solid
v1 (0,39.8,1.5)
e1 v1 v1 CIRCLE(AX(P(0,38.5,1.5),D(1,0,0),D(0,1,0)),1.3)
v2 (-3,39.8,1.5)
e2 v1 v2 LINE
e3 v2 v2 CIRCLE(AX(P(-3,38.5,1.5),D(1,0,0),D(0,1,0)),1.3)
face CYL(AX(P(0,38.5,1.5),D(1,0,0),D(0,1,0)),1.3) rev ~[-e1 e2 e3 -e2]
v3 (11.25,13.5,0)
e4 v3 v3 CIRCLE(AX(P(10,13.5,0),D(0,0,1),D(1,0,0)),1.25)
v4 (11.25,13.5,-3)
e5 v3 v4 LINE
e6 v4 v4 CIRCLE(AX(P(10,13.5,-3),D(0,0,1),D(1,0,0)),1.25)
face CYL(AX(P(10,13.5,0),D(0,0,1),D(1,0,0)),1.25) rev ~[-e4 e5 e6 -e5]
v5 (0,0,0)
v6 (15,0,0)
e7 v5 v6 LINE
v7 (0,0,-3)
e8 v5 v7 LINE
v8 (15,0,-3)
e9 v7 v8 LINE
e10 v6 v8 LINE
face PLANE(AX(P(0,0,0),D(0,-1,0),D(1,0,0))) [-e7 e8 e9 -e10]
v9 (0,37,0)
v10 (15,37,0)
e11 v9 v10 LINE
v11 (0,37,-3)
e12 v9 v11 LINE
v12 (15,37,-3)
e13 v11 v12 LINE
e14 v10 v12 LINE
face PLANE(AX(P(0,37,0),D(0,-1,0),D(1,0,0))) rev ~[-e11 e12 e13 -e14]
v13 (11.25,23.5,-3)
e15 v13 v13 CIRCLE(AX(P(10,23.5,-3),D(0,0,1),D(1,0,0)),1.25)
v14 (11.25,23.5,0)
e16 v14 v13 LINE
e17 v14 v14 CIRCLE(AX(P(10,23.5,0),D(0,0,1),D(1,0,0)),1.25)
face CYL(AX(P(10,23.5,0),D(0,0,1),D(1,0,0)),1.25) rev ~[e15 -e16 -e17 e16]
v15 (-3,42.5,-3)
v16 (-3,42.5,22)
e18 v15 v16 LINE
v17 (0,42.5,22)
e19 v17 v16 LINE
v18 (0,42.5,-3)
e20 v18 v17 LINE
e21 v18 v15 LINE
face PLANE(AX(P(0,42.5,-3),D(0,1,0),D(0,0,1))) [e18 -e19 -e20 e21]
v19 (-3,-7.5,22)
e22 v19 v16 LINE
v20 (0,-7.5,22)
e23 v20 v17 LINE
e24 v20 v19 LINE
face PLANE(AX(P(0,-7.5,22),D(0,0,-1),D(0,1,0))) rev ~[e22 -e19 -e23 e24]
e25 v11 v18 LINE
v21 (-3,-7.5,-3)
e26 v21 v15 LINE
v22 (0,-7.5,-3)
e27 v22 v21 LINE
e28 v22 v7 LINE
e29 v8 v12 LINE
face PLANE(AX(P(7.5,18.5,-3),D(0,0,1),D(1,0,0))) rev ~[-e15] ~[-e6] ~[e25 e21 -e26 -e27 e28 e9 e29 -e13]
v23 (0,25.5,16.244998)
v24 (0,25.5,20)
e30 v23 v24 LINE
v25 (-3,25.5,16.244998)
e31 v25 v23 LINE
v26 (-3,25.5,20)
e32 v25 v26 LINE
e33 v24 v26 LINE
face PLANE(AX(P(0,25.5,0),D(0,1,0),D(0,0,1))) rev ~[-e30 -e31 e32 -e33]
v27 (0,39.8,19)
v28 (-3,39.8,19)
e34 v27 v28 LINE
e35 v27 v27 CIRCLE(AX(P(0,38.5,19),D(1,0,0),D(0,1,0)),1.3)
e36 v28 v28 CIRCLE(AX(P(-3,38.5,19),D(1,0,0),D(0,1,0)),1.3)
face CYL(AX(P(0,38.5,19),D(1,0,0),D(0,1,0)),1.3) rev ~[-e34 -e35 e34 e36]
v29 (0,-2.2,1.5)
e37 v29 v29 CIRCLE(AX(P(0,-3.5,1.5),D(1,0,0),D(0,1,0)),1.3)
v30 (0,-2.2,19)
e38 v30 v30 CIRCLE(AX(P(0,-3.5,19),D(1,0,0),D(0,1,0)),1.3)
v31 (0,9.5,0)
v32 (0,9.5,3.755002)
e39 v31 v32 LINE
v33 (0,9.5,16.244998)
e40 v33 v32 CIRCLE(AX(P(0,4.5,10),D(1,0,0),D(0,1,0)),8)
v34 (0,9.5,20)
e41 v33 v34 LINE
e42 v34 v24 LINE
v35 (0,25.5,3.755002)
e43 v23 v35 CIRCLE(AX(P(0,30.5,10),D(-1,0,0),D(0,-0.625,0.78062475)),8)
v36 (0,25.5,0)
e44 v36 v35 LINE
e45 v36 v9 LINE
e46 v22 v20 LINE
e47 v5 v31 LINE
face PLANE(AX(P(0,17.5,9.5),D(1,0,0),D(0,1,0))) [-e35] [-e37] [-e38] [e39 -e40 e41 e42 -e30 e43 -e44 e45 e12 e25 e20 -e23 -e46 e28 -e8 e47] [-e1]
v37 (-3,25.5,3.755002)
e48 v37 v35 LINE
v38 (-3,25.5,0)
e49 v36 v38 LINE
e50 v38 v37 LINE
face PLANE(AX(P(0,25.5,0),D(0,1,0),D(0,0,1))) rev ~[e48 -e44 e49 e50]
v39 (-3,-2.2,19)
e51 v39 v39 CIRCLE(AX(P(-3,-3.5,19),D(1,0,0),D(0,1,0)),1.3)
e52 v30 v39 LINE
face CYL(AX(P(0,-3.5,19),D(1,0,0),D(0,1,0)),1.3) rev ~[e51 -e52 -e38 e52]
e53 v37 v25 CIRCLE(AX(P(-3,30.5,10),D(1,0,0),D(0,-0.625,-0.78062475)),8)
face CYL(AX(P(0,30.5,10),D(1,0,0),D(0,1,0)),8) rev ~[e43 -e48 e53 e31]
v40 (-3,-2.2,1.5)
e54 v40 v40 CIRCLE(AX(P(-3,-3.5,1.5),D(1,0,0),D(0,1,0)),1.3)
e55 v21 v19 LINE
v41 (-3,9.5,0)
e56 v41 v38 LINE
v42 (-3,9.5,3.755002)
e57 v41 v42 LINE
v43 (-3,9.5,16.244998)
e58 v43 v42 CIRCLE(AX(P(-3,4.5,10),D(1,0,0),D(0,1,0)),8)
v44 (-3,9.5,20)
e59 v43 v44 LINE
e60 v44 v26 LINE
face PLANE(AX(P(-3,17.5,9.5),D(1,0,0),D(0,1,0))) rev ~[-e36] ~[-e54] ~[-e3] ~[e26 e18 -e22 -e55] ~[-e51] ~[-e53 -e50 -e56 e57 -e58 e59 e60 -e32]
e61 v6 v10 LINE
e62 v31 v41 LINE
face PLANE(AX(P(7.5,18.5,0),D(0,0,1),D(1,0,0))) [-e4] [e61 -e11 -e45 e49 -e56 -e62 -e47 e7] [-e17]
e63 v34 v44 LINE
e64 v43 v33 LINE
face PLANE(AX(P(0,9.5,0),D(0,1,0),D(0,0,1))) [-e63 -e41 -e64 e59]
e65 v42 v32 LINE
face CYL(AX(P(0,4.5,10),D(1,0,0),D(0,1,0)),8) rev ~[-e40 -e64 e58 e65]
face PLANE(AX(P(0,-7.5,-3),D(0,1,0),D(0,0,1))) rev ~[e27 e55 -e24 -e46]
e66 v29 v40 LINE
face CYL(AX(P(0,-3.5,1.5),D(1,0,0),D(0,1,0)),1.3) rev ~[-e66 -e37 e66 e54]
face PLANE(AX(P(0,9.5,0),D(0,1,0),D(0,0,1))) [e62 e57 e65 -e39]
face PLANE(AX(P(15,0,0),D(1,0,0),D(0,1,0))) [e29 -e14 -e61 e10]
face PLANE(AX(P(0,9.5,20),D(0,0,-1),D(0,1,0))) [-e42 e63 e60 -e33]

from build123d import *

# Parameters (mm, degrees)
SKETCH002_W     = 50
SKETCH002_H     = 25
PAD_DEPTH       = 3
SKETCH003_R     = 8
SKETCH003_R_2   = 1.3
POCKET_DEPTH    = 3.001
SKETCH004_W     = 16
SKETCH004_H     = 20
POCKET001_DEPTH = 3.001
SKETCH_W        = 15
SKETCH_H        = 37
PAD001_DEPTH    = 3
SKETCH001_R     = 1.25
POCKET002_DEPTH = 3.001


with BuildPart() as part:
    # Sketch002 → Pad (new body)
    with BuildSketch(Plane.YZ):
        with Locations((17.5, 9.5)):
            Rectangle(SKETCH002_W, SKETCH002_H)
    extrude(amount=-PAD_DEPTH)

    # Sketch003 → Pocket (cut, through all)
    with BuildSketch(Plane.YZ):
        with Locations((4.5, 10)):
            Circle(SKETCH003_R)
        with Locations((30.5, 10)):
            Circle(SKETCH003_R)
        with Locations((-3.5, 19)):
            Circle(SKETCH003_R_2)
        with Locations((38.5, 19)):
            Circle(SKETCH003_R_2)
        with Locations((38.5, 1.5)):
            Circle(SKETCH003_R_2)
        with Locations((-3.5, 1.5)):
            Circle(SKETCH003_R_2)
    extrude(amount=-POCKET_DEPTH, mode=Mode.SUBTRACT)

    # Sketch004 → Pocket001 (cut, through all)
    with BuildSketch(Plane.YZ):
        with Locations((17.5, 10)):
            Rectangle(SKETCH004_W, SKETCH004_H)
    extrude(amount=-POCKET001_DEPTH, mode=Mode.SUBTRACT)

    # Sketch → Pad001 (join)
    with BuildSketch(Plane.XY):
        with Locations((7.5, 18.5)):
            Rectangle(SKETCH_W, SKETCH_H)
    extrude(amount=-PAD001_DEPTH)

    # Sketch001 → Pocket002 (cut, through all)
    with BuildSketch(Plane.XY):
        with Locations((10, 23.5)):
            Circle(SKETCH001_R)
        with Locations((10, 13.5)):
            Circle(SKETCH001_R)
    extrude(amount=-POCKET002_DEPTH, mode=Mode.SUBTRACT)


solid = part.part
